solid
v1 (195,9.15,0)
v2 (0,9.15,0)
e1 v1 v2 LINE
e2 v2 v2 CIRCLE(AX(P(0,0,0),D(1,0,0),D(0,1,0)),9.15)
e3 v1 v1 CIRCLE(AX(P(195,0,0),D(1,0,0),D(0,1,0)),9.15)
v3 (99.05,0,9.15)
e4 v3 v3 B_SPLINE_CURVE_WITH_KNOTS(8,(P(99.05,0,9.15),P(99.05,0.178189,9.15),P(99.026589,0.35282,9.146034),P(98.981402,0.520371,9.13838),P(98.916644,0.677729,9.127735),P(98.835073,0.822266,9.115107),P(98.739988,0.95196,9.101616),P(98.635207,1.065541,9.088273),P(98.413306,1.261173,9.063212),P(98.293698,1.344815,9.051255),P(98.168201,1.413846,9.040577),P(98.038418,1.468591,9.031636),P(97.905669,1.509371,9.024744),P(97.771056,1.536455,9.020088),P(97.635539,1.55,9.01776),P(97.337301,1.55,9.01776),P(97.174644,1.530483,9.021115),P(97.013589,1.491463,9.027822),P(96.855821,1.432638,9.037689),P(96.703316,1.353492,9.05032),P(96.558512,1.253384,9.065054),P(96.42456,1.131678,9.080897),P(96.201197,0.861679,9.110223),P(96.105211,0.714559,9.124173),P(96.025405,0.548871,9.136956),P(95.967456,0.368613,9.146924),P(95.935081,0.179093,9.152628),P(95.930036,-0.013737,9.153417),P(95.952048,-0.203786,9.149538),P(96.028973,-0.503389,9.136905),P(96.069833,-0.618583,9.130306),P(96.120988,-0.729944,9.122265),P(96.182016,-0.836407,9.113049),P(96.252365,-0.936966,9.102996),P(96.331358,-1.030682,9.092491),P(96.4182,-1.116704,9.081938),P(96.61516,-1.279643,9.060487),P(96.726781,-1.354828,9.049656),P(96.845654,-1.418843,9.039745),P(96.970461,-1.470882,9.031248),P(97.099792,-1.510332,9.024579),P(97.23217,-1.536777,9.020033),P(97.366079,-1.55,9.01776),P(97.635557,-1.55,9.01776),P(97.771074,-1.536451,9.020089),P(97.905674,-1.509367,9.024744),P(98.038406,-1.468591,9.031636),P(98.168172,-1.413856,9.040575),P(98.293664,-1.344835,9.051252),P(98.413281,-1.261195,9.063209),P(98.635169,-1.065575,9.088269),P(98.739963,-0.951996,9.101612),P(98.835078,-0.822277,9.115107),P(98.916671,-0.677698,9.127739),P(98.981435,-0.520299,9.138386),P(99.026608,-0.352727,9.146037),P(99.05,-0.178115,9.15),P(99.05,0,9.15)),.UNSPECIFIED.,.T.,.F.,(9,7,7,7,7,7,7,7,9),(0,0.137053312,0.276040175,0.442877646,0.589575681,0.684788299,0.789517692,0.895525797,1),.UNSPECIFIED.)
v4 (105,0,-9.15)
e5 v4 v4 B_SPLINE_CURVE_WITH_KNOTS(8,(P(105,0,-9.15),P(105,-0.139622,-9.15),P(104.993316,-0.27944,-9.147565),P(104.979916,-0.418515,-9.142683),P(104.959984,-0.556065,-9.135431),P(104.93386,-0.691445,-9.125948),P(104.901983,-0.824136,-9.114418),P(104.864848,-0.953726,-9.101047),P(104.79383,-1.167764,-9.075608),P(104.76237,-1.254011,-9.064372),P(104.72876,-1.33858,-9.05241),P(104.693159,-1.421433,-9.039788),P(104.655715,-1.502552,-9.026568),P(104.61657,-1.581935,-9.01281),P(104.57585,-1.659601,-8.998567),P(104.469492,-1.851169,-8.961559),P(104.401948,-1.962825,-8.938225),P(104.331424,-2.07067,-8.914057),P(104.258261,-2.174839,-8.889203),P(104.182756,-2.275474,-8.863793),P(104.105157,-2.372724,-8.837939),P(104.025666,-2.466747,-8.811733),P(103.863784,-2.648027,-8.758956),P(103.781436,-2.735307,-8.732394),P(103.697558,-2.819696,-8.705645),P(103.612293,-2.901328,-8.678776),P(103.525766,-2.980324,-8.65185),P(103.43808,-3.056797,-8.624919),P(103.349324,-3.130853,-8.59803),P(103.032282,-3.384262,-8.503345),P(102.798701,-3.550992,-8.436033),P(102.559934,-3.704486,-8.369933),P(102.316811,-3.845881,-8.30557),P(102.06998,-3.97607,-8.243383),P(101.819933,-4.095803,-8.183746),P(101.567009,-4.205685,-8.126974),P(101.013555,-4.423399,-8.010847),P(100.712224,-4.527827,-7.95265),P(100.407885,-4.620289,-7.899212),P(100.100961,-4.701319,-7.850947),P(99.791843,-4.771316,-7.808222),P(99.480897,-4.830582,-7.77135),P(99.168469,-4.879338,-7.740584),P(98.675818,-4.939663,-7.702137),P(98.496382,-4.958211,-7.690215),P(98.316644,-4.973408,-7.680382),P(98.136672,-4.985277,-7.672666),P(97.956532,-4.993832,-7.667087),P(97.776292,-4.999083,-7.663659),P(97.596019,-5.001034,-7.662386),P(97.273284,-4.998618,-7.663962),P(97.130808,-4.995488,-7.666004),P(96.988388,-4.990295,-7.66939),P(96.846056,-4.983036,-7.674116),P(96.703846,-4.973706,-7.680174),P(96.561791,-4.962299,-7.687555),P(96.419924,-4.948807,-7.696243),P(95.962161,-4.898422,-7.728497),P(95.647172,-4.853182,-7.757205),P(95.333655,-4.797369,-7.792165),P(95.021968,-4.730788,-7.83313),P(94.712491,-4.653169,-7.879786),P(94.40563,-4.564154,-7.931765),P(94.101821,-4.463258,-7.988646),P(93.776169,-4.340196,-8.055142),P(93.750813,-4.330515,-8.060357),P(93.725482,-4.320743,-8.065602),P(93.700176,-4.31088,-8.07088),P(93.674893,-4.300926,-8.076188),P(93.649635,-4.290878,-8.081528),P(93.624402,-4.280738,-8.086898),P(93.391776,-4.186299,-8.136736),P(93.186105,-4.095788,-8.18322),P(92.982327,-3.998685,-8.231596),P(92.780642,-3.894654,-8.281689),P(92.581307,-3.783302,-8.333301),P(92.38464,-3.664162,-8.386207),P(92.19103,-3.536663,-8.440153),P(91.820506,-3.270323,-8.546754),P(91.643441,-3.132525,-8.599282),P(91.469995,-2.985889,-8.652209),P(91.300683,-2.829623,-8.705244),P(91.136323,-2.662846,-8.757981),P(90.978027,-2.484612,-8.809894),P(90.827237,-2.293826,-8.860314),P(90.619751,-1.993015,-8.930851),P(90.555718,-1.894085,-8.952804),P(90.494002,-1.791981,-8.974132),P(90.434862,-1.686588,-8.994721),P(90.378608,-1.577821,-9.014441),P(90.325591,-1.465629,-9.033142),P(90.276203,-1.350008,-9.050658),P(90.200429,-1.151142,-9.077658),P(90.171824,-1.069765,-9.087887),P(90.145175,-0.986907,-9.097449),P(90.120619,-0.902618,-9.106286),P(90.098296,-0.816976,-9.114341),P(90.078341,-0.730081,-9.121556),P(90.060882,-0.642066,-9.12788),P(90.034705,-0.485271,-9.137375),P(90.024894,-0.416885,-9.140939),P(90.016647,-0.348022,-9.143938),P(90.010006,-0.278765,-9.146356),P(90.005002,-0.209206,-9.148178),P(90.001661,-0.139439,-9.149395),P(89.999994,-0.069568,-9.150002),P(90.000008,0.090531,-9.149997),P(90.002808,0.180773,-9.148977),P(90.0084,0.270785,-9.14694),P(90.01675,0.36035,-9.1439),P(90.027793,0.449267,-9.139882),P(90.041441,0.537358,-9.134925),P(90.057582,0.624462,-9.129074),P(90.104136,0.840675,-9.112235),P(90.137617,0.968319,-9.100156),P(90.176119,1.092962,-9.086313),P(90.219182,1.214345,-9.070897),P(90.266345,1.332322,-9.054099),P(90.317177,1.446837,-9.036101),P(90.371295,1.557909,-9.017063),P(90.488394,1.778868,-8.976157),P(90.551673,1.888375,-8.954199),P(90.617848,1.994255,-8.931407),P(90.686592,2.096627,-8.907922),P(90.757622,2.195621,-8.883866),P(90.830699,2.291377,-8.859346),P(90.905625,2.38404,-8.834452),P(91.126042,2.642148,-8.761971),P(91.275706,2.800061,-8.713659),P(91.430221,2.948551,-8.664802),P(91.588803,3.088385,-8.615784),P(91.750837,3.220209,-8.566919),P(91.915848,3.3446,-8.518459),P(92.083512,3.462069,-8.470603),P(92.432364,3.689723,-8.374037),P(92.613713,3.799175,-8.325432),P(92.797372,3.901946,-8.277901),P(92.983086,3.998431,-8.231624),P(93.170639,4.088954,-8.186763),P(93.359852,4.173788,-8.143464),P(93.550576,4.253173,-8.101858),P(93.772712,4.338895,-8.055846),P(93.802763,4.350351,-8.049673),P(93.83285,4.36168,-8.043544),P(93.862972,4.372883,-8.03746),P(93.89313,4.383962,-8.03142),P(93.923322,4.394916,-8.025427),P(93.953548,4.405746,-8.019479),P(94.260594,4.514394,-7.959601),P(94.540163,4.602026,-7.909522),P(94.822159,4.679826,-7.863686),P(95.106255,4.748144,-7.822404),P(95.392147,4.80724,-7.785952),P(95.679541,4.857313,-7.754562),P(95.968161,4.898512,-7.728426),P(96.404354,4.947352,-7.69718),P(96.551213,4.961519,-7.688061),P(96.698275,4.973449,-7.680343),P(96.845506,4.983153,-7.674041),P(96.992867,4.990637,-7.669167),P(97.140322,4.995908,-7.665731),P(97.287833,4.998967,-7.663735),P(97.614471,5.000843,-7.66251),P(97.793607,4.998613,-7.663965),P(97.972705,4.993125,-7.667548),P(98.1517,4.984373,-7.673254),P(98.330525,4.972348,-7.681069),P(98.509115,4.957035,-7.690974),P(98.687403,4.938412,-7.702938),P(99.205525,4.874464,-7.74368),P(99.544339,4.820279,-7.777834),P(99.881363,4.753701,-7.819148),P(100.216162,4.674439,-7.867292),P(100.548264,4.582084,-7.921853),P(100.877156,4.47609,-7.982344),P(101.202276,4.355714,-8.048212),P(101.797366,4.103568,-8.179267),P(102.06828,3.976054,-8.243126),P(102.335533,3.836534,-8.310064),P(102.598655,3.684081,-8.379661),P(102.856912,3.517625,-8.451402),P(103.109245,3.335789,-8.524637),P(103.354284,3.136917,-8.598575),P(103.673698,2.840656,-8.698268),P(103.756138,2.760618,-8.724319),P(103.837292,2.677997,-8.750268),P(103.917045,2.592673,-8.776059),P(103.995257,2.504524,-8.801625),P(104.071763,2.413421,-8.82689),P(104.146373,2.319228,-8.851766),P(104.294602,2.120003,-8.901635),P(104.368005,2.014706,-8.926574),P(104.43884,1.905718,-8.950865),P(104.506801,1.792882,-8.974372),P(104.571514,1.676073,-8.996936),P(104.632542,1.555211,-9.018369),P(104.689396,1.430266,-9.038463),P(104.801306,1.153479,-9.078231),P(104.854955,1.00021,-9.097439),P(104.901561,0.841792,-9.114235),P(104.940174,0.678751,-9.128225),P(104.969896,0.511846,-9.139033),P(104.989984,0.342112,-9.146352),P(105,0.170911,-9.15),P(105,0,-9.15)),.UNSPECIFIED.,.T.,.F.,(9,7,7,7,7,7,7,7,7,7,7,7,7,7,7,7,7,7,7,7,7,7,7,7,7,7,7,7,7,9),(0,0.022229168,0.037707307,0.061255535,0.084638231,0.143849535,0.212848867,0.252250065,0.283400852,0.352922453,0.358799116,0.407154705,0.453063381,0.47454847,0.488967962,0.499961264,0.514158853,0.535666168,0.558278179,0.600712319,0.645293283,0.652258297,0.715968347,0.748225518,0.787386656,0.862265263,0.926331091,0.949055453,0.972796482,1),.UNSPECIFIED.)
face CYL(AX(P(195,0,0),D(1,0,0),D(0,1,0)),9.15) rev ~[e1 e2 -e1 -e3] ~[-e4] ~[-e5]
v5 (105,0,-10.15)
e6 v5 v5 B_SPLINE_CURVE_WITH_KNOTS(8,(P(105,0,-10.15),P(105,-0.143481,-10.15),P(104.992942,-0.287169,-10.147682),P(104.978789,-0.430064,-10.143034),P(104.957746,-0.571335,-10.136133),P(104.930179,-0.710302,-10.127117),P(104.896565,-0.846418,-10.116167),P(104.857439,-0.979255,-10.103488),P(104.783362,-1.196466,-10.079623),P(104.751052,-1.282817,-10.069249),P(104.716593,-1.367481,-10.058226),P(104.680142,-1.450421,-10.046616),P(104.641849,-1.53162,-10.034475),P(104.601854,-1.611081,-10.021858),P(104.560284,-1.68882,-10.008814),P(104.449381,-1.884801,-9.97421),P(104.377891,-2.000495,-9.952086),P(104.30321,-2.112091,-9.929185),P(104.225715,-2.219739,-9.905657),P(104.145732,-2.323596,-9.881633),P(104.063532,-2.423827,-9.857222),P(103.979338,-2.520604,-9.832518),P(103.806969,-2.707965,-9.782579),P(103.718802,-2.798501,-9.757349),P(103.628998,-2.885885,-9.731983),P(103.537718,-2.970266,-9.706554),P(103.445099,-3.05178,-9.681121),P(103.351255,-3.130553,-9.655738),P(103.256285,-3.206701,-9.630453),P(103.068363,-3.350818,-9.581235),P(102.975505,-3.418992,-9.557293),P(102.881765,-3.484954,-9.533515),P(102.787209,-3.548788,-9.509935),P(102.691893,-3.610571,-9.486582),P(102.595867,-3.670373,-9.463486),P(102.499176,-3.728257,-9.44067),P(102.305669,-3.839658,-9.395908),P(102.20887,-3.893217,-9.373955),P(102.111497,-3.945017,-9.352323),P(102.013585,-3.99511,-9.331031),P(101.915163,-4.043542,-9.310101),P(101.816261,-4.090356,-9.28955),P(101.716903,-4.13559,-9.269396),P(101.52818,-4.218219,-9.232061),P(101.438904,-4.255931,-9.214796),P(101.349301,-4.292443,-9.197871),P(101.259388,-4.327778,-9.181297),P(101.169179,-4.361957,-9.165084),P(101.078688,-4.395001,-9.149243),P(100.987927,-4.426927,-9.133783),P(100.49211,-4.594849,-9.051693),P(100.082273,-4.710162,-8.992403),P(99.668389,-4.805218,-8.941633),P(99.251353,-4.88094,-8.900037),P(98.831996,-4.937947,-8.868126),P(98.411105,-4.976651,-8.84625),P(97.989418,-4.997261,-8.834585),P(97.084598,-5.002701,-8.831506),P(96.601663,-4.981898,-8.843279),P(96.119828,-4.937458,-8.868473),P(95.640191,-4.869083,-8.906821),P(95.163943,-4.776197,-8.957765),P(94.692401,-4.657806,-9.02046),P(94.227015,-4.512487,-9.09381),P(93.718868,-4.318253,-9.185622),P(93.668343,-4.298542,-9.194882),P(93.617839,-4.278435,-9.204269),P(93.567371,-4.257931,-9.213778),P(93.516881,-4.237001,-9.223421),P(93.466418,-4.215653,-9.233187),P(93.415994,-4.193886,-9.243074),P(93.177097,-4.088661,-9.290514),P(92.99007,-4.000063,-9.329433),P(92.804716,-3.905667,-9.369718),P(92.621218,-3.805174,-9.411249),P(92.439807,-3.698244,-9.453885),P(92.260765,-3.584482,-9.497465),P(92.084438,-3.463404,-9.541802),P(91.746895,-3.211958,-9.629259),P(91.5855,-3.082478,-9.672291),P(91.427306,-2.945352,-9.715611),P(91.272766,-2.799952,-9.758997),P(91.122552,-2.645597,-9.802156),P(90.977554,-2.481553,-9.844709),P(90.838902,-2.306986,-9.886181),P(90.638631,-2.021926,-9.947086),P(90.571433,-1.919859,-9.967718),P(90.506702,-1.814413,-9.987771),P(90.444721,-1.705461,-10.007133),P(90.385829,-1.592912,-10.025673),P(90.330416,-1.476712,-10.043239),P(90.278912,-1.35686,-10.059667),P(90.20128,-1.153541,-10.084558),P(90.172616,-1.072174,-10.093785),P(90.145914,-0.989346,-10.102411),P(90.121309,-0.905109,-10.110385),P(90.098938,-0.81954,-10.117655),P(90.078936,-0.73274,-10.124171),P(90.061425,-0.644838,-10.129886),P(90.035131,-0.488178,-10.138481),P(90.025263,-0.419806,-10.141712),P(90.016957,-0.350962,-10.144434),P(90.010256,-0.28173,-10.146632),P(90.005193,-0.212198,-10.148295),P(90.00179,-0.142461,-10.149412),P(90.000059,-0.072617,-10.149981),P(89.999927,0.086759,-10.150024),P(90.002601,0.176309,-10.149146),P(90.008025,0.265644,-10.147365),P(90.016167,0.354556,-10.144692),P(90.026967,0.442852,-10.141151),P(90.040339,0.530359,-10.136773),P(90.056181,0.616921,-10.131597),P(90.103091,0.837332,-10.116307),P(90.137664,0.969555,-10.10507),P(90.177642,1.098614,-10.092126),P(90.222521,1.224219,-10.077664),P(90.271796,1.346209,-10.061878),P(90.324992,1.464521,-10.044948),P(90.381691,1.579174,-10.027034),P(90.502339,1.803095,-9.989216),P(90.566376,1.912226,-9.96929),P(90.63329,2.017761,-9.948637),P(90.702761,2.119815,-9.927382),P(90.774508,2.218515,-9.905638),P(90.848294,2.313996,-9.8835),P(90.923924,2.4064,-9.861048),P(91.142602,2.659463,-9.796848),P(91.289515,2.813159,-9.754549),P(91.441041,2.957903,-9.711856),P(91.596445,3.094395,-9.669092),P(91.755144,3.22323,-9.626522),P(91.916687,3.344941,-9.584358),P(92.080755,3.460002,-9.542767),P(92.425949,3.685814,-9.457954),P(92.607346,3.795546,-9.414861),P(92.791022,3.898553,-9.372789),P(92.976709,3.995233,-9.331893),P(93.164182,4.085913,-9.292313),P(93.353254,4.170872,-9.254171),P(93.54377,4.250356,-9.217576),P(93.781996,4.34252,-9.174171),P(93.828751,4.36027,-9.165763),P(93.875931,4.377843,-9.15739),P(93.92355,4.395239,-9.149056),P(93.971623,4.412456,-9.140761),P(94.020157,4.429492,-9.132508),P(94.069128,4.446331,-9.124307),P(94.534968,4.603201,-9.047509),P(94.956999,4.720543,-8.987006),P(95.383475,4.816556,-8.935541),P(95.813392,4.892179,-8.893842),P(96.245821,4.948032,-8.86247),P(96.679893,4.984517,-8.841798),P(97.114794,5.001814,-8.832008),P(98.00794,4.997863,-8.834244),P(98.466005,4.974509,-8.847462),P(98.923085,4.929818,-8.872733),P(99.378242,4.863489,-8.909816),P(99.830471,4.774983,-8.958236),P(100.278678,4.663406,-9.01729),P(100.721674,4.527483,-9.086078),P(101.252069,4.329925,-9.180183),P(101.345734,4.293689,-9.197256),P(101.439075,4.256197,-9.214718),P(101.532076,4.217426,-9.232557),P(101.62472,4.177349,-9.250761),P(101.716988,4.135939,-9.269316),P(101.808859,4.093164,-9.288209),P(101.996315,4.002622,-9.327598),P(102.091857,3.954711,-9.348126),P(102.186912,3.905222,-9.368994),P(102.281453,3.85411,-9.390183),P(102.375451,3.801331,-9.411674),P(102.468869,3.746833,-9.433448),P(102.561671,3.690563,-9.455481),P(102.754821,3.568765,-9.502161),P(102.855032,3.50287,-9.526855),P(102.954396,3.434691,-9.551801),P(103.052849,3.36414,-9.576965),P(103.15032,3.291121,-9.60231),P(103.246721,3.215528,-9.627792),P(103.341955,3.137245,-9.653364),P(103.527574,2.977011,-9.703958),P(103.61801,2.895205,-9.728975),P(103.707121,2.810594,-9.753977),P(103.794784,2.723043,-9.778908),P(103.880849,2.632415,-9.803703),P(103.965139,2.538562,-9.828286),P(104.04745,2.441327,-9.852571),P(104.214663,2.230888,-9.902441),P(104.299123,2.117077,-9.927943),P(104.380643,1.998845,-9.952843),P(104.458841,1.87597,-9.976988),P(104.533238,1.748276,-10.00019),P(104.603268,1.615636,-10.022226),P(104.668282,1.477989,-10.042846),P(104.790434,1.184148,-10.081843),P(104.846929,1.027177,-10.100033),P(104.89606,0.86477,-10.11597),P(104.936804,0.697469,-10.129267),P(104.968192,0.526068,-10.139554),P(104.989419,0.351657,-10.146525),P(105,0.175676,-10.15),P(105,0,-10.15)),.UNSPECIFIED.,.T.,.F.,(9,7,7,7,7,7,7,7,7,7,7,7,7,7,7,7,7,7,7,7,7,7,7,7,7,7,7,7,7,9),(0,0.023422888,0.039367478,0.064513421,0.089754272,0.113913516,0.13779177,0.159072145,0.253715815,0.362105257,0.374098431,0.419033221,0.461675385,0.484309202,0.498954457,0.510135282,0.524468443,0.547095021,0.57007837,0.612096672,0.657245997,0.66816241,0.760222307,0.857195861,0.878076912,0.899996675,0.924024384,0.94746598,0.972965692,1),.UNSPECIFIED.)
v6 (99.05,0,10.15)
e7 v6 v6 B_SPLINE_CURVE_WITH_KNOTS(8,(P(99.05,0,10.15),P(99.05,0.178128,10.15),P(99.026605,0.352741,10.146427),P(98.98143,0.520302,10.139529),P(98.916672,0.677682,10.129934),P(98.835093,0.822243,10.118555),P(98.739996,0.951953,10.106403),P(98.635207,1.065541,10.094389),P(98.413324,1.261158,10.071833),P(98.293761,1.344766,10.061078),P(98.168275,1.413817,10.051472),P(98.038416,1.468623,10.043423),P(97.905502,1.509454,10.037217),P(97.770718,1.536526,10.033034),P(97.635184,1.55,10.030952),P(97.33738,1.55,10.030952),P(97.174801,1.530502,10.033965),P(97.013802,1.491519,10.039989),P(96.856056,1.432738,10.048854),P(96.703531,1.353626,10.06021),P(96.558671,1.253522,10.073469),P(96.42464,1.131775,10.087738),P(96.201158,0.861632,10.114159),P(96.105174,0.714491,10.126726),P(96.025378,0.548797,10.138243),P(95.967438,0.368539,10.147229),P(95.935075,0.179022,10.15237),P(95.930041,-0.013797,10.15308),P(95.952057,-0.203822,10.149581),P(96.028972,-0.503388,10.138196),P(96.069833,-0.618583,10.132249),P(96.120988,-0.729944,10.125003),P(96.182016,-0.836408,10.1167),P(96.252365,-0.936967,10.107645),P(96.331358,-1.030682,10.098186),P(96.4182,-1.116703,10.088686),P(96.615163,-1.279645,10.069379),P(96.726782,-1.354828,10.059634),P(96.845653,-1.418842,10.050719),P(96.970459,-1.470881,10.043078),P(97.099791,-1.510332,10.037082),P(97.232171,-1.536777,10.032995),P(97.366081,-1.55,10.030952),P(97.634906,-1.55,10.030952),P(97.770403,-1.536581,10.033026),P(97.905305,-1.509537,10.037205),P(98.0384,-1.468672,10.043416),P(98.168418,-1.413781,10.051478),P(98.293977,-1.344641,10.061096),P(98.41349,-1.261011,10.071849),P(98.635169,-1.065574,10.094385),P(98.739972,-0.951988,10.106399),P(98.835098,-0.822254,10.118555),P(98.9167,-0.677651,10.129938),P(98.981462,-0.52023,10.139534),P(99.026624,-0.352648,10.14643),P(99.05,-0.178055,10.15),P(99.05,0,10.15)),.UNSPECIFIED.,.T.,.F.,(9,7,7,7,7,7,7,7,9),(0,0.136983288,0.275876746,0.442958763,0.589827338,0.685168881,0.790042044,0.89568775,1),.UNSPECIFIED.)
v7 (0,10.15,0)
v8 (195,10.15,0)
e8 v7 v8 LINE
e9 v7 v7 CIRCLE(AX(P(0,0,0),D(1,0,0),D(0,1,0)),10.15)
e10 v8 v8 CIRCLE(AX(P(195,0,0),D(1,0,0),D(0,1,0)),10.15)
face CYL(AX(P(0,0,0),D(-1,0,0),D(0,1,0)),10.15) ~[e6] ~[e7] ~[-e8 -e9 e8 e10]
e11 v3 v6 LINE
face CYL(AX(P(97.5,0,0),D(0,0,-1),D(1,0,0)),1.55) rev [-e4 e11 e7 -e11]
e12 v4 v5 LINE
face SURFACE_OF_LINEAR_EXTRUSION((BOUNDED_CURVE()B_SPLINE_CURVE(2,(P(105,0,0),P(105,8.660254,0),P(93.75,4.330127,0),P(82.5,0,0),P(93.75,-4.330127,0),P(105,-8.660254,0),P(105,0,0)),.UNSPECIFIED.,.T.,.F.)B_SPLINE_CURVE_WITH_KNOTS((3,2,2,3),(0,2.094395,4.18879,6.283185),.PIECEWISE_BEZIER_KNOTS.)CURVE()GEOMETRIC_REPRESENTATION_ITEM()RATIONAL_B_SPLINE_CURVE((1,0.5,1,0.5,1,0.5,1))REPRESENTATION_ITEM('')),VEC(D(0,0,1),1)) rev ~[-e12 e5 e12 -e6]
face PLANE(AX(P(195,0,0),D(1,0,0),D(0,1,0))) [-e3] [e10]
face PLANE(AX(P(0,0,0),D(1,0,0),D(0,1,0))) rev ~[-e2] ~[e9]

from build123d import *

# Parameters (mm, degrees)
F0_R     = 10.15
F1_DEPTH = 195
F2_R     = 9.15
F3_DEPTH = 195.001
F5_DEPTH = 10.151
F6_R     = 1.55
F7_DEPTH = 10.151


with BuildPart() as f1:
    # F0 (on Right) → F1 (new body)
    with BuildSketch(Plane.YZ):
        Circle(F0_R)
    extrude(amount=F1_DEPTH)

    # F2 (on face) → F3 (cut, through all)
    with BuildSketch(Plane.YZ.offset(195)):
        Circle(F2_R)
    extrude(amount=-F3_DEPTH, mode=Mode.SUBTRACT)

    # F4 (on Top) → F5 (cut, through all)
    with BuildSketch(Plane.XY):
        with BuildLine():
            add(Edge.make_bspline(
                [(105, 0), (105, 8.660254), (93.75, 4.330127), (82.5, 0), (93.75, -4.330127), (105, -8.660254), (105, 0)],
                knots=[0, 0, 0, 2.094395, 2.094395, 4.18879, 4.18879, 6.283185, 6.283185, 6.283185], degree=2, weights=[1, 0.5, 1, 0.5, 1, 0.5, 1]))
        make_face()
    extrude(amount=-F5_DEPTH, mode=Mode.SUBTRACT)

    # F6 (on Top) → F7 (cut, through all)
    with BuildSketch(Plane.XY):
        with Locations((97.5, 0)):
            Circle(F6_R)
    extrude(amount=F7_DEPTH, mode=Mode.SUBTRACT)


solid = f1.part
